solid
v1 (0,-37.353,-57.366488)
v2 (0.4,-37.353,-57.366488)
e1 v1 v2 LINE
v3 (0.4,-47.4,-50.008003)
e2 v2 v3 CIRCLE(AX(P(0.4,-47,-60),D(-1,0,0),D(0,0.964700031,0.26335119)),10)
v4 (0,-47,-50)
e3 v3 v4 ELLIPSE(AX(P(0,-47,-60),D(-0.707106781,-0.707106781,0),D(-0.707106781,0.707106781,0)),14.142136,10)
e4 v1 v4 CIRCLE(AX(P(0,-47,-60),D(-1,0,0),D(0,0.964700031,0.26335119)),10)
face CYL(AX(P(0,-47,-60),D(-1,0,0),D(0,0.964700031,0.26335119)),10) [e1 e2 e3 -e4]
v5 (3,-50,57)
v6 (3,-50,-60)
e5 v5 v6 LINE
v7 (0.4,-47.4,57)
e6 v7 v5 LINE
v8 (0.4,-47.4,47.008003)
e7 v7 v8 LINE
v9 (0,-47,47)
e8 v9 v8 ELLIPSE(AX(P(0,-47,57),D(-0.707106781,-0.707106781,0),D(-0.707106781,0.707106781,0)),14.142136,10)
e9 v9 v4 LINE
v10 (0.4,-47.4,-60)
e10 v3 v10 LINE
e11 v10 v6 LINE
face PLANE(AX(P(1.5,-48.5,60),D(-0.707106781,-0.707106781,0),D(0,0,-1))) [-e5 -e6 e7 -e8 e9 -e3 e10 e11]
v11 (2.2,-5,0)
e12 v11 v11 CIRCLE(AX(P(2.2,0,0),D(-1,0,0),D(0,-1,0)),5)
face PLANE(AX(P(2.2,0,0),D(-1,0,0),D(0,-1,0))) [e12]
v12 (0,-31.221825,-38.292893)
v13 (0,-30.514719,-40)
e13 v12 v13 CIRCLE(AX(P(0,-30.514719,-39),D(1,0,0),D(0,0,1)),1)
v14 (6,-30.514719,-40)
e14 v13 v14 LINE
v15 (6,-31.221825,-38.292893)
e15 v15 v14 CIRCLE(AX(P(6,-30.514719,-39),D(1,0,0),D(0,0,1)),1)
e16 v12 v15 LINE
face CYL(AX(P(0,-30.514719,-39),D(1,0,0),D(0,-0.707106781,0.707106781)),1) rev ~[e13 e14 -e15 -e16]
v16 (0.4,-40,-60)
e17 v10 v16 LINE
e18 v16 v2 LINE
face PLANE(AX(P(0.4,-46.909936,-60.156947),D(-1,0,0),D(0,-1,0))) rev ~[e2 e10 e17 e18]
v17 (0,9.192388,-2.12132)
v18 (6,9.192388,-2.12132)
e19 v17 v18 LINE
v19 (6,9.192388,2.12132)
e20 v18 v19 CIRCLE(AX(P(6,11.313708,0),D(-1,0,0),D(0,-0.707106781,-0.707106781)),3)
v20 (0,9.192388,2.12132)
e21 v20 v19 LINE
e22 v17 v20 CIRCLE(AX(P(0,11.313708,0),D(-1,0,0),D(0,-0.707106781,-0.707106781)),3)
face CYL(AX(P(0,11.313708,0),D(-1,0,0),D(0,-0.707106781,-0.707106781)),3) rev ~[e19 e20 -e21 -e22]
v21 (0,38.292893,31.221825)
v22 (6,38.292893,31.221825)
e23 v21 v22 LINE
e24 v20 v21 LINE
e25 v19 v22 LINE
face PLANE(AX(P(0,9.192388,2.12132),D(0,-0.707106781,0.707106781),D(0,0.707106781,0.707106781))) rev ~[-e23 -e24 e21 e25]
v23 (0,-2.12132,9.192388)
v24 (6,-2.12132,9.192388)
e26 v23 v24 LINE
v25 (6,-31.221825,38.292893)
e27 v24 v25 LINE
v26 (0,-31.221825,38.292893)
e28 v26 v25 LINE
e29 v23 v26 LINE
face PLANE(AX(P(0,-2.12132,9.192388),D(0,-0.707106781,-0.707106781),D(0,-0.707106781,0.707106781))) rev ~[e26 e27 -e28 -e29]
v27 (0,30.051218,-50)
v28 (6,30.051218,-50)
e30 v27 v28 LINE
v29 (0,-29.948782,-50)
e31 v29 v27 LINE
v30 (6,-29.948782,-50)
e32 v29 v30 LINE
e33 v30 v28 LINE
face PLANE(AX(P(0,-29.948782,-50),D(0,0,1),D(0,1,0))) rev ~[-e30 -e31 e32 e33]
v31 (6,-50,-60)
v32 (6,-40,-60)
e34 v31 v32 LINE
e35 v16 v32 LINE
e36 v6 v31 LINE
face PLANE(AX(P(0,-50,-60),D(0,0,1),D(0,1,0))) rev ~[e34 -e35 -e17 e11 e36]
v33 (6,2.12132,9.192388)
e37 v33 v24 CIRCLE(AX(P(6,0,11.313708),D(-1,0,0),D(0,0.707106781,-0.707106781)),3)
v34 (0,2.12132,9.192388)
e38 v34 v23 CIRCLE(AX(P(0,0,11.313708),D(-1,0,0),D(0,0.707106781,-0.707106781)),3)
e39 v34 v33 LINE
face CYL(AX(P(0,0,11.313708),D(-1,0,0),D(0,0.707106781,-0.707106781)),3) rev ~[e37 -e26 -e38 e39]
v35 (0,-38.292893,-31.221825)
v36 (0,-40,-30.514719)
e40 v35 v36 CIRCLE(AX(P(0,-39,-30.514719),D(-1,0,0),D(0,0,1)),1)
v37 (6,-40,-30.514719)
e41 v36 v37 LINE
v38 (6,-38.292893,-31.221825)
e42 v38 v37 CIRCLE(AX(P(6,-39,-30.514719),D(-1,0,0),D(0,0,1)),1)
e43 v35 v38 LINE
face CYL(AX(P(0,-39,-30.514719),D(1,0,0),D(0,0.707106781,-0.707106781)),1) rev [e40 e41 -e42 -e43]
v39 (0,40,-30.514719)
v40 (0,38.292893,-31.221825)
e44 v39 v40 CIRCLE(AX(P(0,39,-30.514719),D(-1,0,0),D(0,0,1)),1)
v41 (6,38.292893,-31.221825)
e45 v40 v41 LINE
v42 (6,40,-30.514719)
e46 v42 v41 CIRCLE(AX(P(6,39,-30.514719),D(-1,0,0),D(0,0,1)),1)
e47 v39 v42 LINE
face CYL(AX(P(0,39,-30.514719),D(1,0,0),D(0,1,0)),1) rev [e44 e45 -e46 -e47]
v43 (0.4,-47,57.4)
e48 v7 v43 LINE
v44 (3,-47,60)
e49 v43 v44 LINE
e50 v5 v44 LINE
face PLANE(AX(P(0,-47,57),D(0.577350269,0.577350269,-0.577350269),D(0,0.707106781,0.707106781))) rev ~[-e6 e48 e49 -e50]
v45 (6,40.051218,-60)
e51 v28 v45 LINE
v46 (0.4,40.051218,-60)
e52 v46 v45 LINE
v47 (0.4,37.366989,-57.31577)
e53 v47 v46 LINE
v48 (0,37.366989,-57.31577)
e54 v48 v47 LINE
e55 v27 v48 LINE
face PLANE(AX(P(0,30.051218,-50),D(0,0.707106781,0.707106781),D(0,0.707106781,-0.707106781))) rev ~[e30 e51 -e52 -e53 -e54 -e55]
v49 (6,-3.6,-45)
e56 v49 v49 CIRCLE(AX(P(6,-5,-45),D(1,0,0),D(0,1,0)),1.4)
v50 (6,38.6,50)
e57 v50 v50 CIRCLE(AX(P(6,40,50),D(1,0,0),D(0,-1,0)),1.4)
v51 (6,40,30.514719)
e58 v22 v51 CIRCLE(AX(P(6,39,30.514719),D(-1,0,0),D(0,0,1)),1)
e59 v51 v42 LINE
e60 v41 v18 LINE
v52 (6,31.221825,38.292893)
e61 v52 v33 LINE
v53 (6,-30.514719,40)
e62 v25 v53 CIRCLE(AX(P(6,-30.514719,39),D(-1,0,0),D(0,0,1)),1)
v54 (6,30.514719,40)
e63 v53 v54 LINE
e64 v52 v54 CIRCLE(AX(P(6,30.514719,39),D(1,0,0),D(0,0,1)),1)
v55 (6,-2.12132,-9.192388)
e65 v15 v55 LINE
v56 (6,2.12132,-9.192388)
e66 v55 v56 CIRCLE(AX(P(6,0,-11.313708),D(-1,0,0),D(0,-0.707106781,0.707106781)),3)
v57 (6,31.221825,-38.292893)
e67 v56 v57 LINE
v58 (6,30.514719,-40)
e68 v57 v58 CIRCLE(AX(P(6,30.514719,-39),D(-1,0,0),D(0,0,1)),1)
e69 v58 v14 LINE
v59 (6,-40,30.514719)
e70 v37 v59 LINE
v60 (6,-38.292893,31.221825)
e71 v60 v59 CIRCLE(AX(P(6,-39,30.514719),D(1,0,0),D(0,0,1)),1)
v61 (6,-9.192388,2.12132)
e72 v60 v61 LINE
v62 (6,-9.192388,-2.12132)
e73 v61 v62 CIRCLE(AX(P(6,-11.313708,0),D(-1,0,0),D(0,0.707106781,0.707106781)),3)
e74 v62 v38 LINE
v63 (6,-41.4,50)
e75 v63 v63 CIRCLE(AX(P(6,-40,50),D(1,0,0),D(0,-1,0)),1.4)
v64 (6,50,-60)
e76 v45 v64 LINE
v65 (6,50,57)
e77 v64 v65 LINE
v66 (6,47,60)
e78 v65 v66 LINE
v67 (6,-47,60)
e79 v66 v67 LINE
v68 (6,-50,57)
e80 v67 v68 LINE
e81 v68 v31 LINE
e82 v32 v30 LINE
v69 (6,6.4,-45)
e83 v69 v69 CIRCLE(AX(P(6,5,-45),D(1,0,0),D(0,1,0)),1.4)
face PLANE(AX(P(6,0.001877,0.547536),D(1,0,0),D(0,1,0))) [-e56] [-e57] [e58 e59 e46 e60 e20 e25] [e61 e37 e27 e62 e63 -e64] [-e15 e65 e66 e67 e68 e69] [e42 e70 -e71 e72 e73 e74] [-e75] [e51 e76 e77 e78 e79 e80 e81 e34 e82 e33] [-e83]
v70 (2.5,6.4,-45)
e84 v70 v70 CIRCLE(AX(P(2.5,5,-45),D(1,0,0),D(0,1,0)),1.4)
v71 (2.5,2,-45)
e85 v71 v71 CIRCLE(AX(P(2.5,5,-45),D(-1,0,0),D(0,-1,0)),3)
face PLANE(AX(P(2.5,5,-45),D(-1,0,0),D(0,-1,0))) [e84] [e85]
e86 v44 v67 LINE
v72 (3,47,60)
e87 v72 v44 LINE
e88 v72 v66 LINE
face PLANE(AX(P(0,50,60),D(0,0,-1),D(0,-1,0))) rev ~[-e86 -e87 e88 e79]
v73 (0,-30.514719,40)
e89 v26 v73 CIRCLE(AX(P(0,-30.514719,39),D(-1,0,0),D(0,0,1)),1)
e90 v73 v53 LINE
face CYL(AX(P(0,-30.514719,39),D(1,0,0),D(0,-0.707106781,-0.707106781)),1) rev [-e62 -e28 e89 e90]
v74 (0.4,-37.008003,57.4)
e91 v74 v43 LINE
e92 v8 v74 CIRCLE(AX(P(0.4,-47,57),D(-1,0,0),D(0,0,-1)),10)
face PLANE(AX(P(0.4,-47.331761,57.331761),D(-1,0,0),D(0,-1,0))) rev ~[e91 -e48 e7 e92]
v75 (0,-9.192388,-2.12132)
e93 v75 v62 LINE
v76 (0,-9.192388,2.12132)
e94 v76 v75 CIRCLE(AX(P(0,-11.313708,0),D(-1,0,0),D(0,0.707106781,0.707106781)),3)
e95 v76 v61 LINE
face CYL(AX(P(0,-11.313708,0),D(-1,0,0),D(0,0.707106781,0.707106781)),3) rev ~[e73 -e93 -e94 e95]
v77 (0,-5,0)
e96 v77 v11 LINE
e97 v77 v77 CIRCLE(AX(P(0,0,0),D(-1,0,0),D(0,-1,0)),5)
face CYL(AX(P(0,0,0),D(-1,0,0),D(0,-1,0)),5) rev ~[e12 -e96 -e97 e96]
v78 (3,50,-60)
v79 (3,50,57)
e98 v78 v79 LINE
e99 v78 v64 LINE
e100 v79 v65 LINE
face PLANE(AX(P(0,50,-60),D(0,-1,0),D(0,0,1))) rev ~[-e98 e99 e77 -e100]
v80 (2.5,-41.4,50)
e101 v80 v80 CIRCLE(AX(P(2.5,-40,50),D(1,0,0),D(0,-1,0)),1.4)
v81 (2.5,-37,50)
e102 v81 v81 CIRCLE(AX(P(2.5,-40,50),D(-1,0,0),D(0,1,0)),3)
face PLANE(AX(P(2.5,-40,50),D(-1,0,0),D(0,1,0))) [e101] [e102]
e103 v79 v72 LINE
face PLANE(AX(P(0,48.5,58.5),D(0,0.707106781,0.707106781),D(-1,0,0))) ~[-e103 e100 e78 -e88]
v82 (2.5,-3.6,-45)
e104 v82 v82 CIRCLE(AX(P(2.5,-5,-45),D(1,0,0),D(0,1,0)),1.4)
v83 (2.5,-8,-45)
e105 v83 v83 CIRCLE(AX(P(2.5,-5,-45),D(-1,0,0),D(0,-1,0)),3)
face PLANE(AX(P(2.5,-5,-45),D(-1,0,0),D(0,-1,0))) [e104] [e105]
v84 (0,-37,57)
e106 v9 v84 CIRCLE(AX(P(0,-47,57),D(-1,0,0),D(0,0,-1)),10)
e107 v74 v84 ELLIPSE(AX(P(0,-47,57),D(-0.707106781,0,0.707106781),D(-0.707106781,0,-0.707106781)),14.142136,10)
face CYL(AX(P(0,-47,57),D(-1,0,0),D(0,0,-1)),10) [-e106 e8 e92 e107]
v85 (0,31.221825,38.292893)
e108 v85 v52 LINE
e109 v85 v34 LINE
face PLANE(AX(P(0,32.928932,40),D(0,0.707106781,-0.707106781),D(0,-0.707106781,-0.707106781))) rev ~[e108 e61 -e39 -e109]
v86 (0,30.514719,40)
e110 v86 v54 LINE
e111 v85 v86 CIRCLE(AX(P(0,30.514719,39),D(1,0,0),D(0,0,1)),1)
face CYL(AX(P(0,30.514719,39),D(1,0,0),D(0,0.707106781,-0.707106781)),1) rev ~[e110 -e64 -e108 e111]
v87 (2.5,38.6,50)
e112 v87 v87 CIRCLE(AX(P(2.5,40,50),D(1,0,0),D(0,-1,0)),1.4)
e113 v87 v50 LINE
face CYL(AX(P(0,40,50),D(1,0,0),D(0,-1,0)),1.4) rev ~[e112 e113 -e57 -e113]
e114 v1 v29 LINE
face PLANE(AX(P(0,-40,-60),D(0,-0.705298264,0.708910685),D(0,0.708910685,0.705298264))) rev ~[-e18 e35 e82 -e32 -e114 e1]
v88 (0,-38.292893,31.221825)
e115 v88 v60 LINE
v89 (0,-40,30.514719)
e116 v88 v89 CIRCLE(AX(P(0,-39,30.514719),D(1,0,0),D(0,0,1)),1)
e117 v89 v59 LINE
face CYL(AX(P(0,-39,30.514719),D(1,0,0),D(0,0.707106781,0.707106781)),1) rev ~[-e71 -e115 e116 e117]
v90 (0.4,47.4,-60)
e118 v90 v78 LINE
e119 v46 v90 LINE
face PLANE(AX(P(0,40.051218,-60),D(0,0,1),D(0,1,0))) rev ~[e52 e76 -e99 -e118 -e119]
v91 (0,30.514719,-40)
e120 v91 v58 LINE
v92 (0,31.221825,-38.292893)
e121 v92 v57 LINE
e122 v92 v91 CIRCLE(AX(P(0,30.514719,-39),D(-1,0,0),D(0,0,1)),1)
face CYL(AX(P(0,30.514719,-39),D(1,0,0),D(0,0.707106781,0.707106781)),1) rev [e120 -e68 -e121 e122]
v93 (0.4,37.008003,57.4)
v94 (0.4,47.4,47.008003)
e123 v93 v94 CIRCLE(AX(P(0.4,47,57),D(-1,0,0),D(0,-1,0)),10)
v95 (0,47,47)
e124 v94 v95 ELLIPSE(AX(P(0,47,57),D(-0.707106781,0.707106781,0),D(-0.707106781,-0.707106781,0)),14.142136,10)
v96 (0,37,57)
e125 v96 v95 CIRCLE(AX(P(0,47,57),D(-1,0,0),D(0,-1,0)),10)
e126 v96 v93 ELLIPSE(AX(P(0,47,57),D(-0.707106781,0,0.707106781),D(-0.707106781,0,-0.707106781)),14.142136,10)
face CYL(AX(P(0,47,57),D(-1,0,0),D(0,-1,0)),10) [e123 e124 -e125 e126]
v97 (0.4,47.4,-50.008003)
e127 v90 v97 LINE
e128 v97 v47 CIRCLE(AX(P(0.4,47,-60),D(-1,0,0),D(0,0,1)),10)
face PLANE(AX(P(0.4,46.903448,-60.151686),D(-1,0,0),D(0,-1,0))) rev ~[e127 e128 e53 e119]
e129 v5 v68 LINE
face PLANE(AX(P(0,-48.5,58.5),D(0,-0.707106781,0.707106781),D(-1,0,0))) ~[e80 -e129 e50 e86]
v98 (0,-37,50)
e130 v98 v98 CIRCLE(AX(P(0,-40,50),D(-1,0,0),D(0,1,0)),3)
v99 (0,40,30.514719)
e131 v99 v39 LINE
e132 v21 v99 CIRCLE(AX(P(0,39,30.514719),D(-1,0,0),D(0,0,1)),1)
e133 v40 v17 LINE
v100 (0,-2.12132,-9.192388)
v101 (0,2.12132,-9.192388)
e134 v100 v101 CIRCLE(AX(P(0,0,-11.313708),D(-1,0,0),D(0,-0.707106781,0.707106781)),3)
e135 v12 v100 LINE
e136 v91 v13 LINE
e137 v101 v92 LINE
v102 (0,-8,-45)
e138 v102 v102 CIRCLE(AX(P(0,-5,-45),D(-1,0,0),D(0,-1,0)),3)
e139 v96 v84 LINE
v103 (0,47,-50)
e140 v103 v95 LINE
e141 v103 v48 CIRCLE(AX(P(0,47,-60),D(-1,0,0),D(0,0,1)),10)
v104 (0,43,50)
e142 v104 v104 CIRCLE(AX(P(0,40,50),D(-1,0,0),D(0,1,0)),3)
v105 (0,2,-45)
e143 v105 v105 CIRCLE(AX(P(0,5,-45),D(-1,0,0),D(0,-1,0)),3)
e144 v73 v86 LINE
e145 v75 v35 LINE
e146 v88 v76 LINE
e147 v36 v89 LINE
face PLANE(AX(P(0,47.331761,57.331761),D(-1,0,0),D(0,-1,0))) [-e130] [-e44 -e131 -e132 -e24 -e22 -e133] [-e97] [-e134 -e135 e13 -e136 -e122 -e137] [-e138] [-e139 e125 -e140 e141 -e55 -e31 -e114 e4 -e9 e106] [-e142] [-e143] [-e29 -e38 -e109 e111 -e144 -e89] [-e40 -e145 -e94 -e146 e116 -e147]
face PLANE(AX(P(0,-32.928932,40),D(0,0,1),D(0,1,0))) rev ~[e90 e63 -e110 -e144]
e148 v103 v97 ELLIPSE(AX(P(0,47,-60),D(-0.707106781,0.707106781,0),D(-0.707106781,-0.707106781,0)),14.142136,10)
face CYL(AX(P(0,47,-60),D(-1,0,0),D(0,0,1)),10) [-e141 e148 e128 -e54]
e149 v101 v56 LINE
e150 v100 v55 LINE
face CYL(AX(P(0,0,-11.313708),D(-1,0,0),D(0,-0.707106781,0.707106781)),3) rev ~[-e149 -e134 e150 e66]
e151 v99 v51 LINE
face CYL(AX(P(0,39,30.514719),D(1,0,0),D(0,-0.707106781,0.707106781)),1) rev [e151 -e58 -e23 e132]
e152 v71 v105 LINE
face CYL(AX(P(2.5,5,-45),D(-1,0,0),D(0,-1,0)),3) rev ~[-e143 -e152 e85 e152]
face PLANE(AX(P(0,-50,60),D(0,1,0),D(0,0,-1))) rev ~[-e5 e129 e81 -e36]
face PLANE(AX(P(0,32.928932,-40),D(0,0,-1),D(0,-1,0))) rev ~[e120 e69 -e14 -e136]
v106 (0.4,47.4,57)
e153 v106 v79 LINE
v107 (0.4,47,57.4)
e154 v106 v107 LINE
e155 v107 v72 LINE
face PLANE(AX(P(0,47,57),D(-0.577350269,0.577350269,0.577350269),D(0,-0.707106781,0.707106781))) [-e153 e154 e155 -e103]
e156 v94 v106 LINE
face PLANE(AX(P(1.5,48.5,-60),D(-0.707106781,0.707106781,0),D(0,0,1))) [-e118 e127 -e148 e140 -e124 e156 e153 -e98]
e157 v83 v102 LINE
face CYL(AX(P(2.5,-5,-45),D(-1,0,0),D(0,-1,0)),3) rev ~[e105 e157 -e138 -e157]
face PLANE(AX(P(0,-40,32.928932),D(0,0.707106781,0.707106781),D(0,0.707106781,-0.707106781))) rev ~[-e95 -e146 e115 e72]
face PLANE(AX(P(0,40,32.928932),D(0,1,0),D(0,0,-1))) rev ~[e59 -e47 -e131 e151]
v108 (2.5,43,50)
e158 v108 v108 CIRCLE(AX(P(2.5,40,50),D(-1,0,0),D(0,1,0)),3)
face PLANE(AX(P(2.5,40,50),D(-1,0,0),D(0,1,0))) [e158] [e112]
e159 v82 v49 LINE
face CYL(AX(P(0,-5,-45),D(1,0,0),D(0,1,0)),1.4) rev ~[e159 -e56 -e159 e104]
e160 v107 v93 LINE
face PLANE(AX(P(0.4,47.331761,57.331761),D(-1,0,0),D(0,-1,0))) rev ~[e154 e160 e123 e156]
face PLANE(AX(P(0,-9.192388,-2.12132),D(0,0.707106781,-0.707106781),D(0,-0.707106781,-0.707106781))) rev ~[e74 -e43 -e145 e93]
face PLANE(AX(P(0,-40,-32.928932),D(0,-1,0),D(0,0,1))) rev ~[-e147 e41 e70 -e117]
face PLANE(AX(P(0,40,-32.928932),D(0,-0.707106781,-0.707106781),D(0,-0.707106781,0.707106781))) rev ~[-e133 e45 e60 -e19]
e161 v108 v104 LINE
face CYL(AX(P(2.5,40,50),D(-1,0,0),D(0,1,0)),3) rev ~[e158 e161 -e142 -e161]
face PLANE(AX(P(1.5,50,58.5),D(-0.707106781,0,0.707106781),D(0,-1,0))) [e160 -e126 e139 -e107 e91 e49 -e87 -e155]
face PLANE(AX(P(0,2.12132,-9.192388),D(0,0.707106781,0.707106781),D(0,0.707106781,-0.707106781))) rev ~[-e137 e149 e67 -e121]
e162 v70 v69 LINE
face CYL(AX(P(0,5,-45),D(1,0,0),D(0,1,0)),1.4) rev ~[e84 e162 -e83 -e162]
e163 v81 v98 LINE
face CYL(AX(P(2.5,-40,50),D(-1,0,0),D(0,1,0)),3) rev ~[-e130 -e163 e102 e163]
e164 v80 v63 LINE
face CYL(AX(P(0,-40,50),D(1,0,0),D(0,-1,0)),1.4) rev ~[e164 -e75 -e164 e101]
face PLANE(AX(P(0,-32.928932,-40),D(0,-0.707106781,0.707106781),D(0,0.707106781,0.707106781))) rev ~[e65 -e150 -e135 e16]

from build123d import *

# Parameters (mm, degrees)
F1_DEPTH       = 6
F2_R           = 1
F3_D           = 2.8
F3_CBORE_D     = 6
F3_CBORE_DEPTH = 2.5
F4_R           = 5
F5_DEPTH       = 2.2
F7_D           = 2.8
F7_CBORE_D     = 6
F7_CBORE_DEPTH = 2.5
F8_SIZE        = 3
F10_DEPTH      = 0.4


with BuildPart() as f1:
    # F0 (on Right) → F1 (new body)
    with BuildSketch(Plane.YZ):
        Polygon((40.0512183458, -60), (50, -60), (50, 60), (-50, 60), (-50, -60), (-40, -60), (-29.9487816542, -50), (30.0512183458, -50), align=None)
        with BuildLine():
            Line((2.1213203436, -9.1923881554), (32.9289321881, -40))
            Line((32.9289321881, -40), (-32.9289321881, -40))
            Line((-32.9289321881, -40), (-2.1213203436, -9.1923881554))
            ThreePointArc((-2.1213203436, -9.1923881554), (0, -8.313708499), (2.1213203436, -9.1923881554))
        make_face(mode=Mode.SUBTRACT)
        with BuildLine():
            Line((-9.1923881554, -2.1213203436), (-40, -32.9289321881))
            Line((-40, -32.9289321881), (-40, 32.9289321881))
            Line((-40, 32.9289321881), (-9.1923881554, 2.1213203436))
            ThreePointArc((-9.1923881554, 2.1213203436), (-8.313708499, 0), (-9.1923881554, -2.1213203436))
        make_face(mode=Mode.SUBTRACT)
        with BuildLine():
            Line((40, 32.9289321881), (40, -32.9289321881))
            Line((40, -32.9289321881), (9.1923881554, -2.1213203436))
            ThreePointArc((9.1923881554, -2.1213203436), (8.313708499, 0), (9.1923881554, 2.1213203436))
            Line((9.1923881554, 2.1213203436), (40, 32.9289321881))
        make_face(mode=Mode.SUBTRACT)
        with BuildLine():
            Line((-32.9289321881, 40), (32.9289321881, 40))
            Line((32.9289321881, 40), (2.1213203436, 9.1923881554))
            ThreePointArc((2.1213203436, 9.1923881554), (0, 8.313708499), (-2.1213203436, 9.1923881554))
            Line((-2.1213203436, 9.1923881554), (-32.9289321881, 40))
        make_face(mode=Mode.SUBTRACT)
    extrude(amount=F1_DEPTH)

    # F2
    f2_edges = [f1.edges().sort_by_distance(p)[0] for p in [
        (3, -32.928932, 40),
        (3, 32.928932, 40),
        (3, -40, 32.928932),
        (3, -40, -32.928932),
        (3, -32.928932, -40),
        (3, 40, 32.928932),
        (3, 40, -32.928932),
        (3, 32.928932, -40),
    ]]
    fillet(f2_edges, radius=F2_R)

    # F3 (through all)
    with Locations(Plane(origin=(0, 0, 0), x_dir=(0, 1, 0), z_dir=(-1, 0, 0))):
        with Locations((-40, -50), (40, -50)):
            CounterBoreHole(F3_D / 2, F3_CBORE_D / 2, F3_CBORE_DEPTH)

    # F4 (on face) → F5 (cut)
    with BuildSketch(Plane(origin=(0, 0, 0), x_dir=(0, -1, 0), z_dir=(-1, 0, 0))):
        Circle(F4_R)
    extrude(amount=-F5_DEPTH, mode=Mode.SUBTRACT)

    # F7 (through all)
    with Locations(Plane(origin=(0, 0, 0), x_dir=(0, -1, 0), z_dir=(-1, 0, 0))):
        with Locations((-5, -45), (5, -45)):
            CounterBoreHole(F7_D / 2, F7_CBORE_D / 2, F7_CBORE_DEPTH)

    # F8
    f8_edges = [f1.edges().sort_by_distance(p)[0] for p in [
        (3, -50, 60),
        (3, 50, 60),
        (0, -50, 0),
        (0, 50, 0),
        (0, 0, 60),
    ]]
    chamfer(f8_edges, length=F8_SIZE)

    # F9 (on face) → F10 (join)
    with BuildSketch(Plane(origin=(0, 0, 0), x_dir=(0, -1, 0), z_dir=(-1, 0, 0))):
        with BuildLine():
            Line((-47, 57), (-37, 57))
            ThreePointArc((-37, 57), (-54.0710678119, 64.0710678119), (-47, 47))
            Line((-47, 47), (-47, 57))
        make_face()
        with BuildLine():
            ThreePointArc((47, 47), (54.0710678119, 64.0710678119), (37, 57))
            Line((37, 57), (47, 57))
            Line((47, 57), (47, 47))
        make_face()
        with BuildLine():
            Line((-47, -60), (-47, -50))
            ThreePointArc((-47, -50), (-53.0480452096, -67.9637396456), (-37.3669885172, -57.3157701715))
            Line((-37.3669885172, -57.3157701715), (-40.0512183458, -60))
            Line((-40.0512183458, -60), (-47, -60))
        make_face()
        with BuildLine():
            ThreePointArc((37.3529996858, -57.3664880981), (53.0689735945, -67.9478021811), (47, -50))
            Line((47, -50), (47, -60))
            Line((47, -60), (40, -60))
            Line((40, -60), (37.3529996858, -57.3664880981))
        make_face()
    extrude(amount=-F10_DEPTH)


solid = f1.part
